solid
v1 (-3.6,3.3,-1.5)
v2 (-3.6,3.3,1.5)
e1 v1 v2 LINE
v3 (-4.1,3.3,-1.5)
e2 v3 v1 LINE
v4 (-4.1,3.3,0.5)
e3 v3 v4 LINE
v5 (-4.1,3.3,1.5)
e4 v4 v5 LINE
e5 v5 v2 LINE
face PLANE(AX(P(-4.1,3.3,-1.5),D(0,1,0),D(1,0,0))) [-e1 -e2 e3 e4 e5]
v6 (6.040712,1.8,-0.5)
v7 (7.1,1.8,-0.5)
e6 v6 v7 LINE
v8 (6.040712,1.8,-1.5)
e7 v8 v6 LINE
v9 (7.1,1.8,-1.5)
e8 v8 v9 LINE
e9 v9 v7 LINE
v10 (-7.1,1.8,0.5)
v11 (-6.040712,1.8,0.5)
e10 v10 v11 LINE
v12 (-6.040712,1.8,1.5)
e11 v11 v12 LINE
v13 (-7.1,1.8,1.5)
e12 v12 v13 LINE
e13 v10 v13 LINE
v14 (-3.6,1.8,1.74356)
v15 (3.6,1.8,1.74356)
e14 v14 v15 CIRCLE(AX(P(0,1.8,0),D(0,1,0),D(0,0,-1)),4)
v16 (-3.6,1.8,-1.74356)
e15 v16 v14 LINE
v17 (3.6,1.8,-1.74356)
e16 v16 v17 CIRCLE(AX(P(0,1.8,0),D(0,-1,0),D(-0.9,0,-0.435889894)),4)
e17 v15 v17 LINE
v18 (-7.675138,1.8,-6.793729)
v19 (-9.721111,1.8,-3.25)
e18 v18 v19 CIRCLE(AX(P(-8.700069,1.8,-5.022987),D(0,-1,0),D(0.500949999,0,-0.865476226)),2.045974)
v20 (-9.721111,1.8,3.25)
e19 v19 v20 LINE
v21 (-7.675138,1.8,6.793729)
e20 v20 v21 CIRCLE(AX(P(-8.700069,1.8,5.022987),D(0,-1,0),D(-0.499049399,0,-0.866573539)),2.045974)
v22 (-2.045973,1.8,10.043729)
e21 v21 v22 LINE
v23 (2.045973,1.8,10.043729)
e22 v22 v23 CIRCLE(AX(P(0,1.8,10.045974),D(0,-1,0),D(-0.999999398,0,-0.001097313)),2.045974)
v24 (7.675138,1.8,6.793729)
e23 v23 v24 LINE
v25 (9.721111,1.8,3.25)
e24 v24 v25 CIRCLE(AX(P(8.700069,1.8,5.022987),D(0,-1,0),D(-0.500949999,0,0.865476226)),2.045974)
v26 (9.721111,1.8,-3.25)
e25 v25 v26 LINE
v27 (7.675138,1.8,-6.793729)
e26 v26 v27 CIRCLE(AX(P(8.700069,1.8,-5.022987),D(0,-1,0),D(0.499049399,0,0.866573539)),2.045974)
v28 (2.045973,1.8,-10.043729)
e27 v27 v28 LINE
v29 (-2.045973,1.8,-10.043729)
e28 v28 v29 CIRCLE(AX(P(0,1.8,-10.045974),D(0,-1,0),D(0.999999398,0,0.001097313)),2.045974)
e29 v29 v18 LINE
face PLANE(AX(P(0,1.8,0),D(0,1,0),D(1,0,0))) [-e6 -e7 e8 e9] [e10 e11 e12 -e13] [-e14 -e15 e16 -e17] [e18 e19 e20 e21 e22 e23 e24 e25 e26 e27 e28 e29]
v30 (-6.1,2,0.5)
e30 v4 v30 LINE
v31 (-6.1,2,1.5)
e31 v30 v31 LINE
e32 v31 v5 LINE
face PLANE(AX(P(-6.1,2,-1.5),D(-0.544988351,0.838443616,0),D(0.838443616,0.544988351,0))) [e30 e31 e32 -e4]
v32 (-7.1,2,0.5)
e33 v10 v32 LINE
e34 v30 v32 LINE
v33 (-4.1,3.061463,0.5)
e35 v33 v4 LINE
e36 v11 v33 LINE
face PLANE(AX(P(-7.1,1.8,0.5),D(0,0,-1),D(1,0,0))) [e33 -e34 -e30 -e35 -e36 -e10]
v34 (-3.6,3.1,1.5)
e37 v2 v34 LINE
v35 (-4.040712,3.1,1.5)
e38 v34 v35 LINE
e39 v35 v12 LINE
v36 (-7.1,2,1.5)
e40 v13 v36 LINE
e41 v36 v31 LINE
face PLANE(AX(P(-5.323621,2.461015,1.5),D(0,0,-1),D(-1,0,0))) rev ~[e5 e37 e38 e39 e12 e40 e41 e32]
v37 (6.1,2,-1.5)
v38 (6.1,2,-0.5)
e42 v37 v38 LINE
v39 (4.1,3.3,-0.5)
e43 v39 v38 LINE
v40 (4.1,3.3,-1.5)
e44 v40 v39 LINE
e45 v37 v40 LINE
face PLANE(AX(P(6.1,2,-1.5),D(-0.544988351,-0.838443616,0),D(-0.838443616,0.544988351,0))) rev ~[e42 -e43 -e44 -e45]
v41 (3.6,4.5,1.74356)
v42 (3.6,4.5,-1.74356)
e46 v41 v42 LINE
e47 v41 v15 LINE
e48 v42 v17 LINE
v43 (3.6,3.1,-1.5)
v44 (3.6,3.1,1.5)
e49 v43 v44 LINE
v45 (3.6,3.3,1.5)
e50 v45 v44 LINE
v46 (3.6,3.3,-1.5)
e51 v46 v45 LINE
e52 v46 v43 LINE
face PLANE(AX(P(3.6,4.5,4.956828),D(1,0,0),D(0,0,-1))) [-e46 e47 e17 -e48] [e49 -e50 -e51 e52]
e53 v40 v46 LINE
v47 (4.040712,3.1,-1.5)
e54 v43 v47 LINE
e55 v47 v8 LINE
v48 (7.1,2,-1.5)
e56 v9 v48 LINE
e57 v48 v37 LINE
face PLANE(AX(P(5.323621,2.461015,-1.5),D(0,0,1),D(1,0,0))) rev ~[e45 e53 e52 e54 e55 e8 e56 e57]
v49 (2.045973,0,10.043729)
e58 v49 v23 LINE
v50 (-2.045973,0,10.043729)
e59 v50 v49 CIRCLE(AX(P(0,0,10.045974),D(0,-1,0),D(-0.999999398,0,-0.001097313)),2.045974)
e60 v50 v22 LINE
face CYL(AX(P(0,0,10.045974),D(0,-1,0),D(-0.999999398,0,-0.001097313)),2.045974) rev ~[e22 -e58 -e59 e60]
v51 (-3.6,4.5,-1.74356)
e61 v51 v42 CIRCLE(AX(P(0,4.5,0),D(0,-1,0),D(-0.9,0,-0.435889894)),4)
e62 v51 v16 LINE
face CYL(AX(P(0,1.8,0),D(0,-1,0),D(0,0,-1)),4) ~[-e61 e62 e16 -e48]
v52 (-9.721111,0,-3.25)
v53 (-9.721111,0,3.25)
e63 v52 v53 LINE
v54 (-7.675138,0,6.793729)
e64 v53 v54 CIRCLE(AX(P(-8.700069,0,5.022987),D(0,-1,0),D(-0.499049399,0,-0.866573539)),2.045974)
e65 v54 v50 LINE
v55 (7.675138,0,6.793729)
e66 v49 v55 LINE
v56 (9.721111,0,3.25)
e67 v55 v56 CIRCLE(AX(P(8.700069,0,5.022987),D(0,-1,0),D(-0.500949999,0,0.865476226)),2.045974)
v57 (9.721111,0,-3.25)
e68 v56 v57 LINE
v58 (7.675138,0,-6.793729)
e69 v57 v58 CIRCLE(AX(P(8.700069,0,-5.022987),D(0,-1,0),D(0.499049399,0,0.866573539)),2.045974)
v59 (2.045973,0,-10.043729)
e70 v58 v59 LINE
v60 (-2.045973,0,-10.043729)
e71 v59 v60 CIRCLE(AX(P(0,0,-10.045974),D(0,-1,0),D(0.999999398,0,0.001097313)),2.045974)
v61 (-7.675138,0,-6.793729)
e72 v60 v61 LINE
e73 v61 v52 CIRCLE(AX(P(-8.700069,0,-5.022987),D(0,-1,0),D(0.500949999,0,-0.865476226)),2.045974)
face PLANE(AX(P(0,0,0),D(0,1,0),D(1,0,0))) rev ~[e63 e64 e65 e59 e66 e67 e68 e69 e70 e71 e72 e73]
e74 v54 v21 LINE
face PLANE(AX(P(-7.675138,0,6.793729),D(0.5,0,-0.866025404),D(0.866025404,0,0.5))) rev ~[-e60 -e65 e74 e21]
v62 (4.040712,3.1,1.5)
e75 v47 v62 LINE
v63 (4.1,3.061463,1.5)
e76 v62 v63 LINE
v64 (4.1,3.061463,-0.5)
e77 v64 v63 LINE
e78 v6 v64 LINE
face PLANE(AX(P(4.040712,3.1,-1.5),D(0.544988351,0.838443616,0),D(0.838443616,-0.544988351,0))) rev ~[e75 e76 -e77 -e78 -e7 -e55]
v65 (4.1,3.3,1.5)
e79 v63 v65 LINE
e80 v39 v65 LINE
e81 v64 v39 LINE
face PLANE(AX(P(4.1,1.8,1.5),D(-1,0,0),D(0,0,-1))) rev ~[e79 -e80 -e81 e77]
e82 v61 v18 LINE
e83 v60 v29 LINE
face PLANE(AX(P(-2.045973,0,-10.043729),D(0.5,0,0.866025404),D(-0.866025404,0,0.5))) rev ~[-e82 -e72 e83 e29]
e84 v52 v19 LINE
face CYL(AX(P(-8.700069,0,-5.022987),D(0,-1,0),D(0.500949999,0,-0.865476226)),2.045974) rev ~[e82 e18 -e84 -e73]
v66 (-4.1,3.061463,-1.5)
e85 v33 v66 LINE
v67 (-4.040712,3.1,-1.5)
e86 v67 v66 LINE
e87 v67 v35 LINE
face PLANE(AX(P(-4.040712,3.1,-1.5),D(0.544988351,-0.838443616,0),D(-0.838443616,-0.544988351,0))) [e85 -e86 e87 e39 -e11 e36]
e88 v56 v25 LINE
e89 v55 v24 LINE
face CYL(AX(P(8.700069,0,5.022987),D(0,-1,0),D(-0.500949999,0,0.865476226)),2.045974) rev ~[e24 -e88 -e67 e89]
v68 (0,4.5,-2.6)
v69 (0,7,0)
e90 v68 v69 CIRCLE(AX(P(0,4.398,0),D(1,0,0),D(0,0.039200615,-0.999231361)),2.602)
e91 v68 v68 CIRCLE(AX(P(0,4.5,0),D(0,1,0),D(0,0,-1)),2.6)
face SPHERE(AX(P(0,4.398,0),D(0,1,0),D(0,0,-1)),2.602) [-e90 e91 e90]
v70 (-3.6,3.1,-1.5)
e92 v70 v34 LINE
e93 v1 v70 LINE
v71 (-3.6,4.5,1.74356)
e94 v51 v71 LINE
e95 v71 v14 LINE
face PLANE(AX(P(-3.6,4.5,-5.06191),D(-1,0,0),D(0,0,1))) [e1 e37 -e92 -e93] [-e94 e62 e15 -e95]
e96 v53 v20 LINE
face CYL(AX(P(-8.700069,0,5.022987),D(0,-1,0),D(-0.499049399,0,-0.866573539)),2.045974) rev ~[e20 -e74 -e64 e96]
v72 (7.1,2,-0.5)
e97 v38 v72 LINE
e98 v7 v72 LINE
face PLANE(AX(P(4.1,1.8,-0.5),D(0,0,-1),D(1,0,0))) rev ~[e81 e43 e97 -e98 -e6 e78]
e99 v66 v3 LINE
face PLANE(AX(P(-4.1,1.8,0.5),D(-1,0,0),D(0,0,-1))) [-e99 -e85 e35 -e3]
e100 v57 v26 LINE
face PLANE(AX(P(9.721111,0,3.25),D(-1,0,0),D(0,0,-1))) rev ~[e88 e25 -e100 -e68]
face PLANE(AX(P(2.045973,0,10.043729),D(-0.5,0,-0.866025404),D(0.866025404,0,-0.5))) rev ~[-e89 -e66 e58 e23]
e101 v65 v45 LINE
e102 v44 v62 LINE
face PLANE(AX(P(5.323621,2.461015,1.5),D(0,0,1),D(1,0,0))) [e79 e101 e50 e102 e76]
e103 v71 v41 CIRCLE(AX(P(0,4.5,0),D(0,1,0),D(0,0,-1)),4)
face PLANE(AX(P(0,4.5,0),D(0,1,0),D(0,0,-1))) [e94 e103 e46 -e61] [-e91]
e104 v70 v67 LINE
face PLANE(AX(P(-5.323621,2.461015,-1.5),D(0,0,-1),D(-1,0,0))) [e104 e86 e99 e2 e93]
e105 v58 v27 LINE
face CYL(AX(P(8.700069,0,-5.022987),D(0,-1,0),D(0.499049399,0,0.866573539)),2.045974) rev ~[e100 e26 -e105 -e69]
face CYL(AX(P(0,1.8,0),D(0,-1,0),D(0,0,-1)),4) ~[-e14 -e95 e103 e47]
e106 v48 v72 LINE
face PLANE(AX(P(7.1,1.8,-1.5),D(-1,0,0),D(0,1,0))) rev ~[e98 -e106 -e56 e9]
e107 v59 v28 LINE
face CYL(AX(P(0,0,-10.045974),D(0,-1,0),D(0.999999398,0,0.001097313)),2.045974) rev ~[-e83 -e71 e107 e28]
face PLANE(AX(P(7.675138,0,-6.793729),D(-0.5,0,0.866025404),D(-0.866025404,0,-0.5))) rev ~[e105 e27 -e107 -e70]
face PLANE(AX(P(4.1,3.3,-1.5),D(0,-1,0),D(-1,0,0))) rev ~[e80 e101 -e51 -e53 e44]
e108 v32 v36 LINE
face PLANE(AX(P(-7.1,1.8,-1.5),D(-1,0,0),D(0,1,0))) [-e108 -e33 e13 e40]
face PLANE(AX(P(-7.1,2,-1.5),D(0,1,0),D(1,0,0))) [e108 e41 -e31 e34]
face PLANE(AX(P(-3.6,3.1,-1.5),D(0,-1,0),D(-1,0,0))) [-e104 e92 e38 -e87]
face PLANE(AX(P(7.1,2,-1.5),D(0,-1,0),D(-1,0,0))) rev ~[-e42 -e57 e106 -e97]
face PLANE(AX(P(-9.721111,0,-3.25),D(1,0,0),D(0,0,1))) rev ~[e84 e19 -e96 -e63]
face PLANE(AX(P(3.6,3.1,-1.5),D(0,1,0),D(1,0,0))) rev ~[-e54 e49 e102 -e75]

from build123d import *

# Parameters (mm, degrees)
BOSS_EXTRUDE1_DEPTH      = 1.8
SKETCH2_R                = 4
BOSS_EXTRUDE2_DEPTH      = 2.7
CUT_EXTRUDE1_DEPTH       = 2.7
BOSS_EXTRUDE3_DEPTH      = 1.5
BOSS_EXTRUDE3_DEPTH_BACK = 1.5
CUT_EXTRUDE2_START       = -1.5
SKETCH6_W                = 3
SKETCH6_H                = 2
CUT_EXTRUDE2_DEPTH       = 1.5


with BuildPart() as part:
    # Sketch1 → Boss-Extrude1 (new body)
    with BuildSketch(Plane(origin=(0, 0, 0), x_dir=(1, 0, 0), z_dir=(0, 1, 0))):
        with BuildLine():
            Line((-9.721111048, 3.25), (-9.721111048, 0))
            Line((-9.721111048, 0), (-9.721111048, -3.25))
            ThreePointArc((-9.721111048, -3.25), (-6.92820323, -4), (-7.675138086, -6.79372912))
            Line((-7.675138086, -6.79372912), (-4.860555524, -8.41872912))
            Line((-4.860555524, -8.41872912), (-2.045972962, -10.04372912))
            ThreePointArc((-2.045972962, -10.04372912), (0, -8), (2.045972962, -10.04372912))
            Line((2.045972962, -10.04372912), (4.860555524, -8.41872912))
            Line((4.860555524, -8.41872912), (7.675138086, -6.79372912))
            ThreePointArc((7.675138086, -6.79372912), (6.92820323, -4), (9.721111048, -3.25))
            Line((9.721111048, -3.25), (9.721111048, 0))
            Line((9.721111048, 0), (9.721111048, 3.25))
            ThreePointArc((9.721111048, 3.25), (6.92820323, 4), (7.675138086, 6.79372912))
            Line((7.675138086, 6.79372912), (4.860555524, 8.41872912))
            Line((4.860555524, 8.41872912), (2.045972962, 10.04372912))
            ThreePointArc((2.045972962, 10.04372912), (0, 8), (-2.045972962, 10.04372912))
            Line((-2.045972962, 10.04372912), (-4.860555524, 8.41872912))
            Line((-4.860555524, 8.41872912), (-7.675138086, 6.79372912))
            ThreePointArc((-7.675138086, 6.79372912), (-6.92820323, 4), (-9.721111048, 3.25))
        make_face()
    extrude(amount=BOSS_EXTRUDE1_DEPTH)

    # Sketch2 → Boss-Extrude2 (add)
    with BuildSketch(Plane(origin=(0, 1.8, 0), x_dir=(1, 0, 0), z_dir=(0, 1, 0))):
        with Locations(Location((0, 0, 0), (0, 0, 90))):
            Circle(SKETCH2_R)
    extrude(amount=BOSS_EXTRUDE2_DEPTH)

    # Sketch3 → Cut-Extrude1 (cut)
    with BuildSketch(Plane(origin=(0, 4.5, 0), x_dir=(1, 0, 0), z_dir=(0, 1, 0))):
        Polygon((-3.6, 5.061910399), (-3.6, -4.956827899), (3.6, -4.956827899), (3.6, 5.287050586), (4.769441753, 5.287050586), (4.769441753, -6.054386309), (-4.641273363, -6.054386309), (-4.641273363, 5.061910399), align=None)
    extrude(amount=-CUT_EXTRUDE1_DEPTH, mode=Mode.SUBTRACT)

    # Sketch4 → Revolve1 (revolve)
    with BuildSketch(Plane(origin=(0, 0, 0), x_dir=(0, 0, -1), z_dir=(1, 0, 0))):
        with BuildLine():
            Line((0, 7), (0, 4.5))
            Line((0, 4.5), (2.6, 4.5))
            ThreePointArc((2.6, 4.5), (1.80346888, 6.273607635), (0, 7))
        make_face()
    revolve(axis=Axis((0, 0, 0), (0, 1, 0)))

    # Sketch5 → Boss-Extrude3 (add, two sides: drawn at the far end of the back side and taken through both)
    with BuildSketch(Plane.XY.offset(-BOSS_EXTRUDE3_DEPTH_BACK)):
        Polygon((3.6, 3.3), (3.6, 3.1), (4.040711986, 3.1), (6.040711986, 1.8), (7.1, 1.8), (7.1, 2), (6.1, 2), (4.1, 3.3), align=None)
        Polygon((-7.1, 1.8), (-7.1, 2), (-6.1, 2), (-4.1, 3.3), (-3.6, 3.3), (-3.6, 3.1), (-4.040711986, 3.1), (-6.040711986, 1.8), align=None)
    extrude(amount=BOSS_EXTRUDE3_DEPTH + BOSS_EXTRUDE3_DEPTH_BACK)

    # Sketch6 → Cut-Extrude2 (cut)
    with BuildSketch(Plane(origin=(0, 3.3, 0), x_dir=(1, 0, 0), z_dir=(0, 1, 0)).offset(CUT_EXTRUDE2_START)):
        with Locations((-5.6, 0.5)):
            Rectangle(SKETCH6_W, SKETCH6_H)
        with Locations((5.6, -0.5)):
            Rectangle(SKETCH6_W, SKETCH6_H)
    extrude(amount=CUT_EXTRUDE2_DEPTH, mode=Mode.SUBTRACT)


solid = part.part
